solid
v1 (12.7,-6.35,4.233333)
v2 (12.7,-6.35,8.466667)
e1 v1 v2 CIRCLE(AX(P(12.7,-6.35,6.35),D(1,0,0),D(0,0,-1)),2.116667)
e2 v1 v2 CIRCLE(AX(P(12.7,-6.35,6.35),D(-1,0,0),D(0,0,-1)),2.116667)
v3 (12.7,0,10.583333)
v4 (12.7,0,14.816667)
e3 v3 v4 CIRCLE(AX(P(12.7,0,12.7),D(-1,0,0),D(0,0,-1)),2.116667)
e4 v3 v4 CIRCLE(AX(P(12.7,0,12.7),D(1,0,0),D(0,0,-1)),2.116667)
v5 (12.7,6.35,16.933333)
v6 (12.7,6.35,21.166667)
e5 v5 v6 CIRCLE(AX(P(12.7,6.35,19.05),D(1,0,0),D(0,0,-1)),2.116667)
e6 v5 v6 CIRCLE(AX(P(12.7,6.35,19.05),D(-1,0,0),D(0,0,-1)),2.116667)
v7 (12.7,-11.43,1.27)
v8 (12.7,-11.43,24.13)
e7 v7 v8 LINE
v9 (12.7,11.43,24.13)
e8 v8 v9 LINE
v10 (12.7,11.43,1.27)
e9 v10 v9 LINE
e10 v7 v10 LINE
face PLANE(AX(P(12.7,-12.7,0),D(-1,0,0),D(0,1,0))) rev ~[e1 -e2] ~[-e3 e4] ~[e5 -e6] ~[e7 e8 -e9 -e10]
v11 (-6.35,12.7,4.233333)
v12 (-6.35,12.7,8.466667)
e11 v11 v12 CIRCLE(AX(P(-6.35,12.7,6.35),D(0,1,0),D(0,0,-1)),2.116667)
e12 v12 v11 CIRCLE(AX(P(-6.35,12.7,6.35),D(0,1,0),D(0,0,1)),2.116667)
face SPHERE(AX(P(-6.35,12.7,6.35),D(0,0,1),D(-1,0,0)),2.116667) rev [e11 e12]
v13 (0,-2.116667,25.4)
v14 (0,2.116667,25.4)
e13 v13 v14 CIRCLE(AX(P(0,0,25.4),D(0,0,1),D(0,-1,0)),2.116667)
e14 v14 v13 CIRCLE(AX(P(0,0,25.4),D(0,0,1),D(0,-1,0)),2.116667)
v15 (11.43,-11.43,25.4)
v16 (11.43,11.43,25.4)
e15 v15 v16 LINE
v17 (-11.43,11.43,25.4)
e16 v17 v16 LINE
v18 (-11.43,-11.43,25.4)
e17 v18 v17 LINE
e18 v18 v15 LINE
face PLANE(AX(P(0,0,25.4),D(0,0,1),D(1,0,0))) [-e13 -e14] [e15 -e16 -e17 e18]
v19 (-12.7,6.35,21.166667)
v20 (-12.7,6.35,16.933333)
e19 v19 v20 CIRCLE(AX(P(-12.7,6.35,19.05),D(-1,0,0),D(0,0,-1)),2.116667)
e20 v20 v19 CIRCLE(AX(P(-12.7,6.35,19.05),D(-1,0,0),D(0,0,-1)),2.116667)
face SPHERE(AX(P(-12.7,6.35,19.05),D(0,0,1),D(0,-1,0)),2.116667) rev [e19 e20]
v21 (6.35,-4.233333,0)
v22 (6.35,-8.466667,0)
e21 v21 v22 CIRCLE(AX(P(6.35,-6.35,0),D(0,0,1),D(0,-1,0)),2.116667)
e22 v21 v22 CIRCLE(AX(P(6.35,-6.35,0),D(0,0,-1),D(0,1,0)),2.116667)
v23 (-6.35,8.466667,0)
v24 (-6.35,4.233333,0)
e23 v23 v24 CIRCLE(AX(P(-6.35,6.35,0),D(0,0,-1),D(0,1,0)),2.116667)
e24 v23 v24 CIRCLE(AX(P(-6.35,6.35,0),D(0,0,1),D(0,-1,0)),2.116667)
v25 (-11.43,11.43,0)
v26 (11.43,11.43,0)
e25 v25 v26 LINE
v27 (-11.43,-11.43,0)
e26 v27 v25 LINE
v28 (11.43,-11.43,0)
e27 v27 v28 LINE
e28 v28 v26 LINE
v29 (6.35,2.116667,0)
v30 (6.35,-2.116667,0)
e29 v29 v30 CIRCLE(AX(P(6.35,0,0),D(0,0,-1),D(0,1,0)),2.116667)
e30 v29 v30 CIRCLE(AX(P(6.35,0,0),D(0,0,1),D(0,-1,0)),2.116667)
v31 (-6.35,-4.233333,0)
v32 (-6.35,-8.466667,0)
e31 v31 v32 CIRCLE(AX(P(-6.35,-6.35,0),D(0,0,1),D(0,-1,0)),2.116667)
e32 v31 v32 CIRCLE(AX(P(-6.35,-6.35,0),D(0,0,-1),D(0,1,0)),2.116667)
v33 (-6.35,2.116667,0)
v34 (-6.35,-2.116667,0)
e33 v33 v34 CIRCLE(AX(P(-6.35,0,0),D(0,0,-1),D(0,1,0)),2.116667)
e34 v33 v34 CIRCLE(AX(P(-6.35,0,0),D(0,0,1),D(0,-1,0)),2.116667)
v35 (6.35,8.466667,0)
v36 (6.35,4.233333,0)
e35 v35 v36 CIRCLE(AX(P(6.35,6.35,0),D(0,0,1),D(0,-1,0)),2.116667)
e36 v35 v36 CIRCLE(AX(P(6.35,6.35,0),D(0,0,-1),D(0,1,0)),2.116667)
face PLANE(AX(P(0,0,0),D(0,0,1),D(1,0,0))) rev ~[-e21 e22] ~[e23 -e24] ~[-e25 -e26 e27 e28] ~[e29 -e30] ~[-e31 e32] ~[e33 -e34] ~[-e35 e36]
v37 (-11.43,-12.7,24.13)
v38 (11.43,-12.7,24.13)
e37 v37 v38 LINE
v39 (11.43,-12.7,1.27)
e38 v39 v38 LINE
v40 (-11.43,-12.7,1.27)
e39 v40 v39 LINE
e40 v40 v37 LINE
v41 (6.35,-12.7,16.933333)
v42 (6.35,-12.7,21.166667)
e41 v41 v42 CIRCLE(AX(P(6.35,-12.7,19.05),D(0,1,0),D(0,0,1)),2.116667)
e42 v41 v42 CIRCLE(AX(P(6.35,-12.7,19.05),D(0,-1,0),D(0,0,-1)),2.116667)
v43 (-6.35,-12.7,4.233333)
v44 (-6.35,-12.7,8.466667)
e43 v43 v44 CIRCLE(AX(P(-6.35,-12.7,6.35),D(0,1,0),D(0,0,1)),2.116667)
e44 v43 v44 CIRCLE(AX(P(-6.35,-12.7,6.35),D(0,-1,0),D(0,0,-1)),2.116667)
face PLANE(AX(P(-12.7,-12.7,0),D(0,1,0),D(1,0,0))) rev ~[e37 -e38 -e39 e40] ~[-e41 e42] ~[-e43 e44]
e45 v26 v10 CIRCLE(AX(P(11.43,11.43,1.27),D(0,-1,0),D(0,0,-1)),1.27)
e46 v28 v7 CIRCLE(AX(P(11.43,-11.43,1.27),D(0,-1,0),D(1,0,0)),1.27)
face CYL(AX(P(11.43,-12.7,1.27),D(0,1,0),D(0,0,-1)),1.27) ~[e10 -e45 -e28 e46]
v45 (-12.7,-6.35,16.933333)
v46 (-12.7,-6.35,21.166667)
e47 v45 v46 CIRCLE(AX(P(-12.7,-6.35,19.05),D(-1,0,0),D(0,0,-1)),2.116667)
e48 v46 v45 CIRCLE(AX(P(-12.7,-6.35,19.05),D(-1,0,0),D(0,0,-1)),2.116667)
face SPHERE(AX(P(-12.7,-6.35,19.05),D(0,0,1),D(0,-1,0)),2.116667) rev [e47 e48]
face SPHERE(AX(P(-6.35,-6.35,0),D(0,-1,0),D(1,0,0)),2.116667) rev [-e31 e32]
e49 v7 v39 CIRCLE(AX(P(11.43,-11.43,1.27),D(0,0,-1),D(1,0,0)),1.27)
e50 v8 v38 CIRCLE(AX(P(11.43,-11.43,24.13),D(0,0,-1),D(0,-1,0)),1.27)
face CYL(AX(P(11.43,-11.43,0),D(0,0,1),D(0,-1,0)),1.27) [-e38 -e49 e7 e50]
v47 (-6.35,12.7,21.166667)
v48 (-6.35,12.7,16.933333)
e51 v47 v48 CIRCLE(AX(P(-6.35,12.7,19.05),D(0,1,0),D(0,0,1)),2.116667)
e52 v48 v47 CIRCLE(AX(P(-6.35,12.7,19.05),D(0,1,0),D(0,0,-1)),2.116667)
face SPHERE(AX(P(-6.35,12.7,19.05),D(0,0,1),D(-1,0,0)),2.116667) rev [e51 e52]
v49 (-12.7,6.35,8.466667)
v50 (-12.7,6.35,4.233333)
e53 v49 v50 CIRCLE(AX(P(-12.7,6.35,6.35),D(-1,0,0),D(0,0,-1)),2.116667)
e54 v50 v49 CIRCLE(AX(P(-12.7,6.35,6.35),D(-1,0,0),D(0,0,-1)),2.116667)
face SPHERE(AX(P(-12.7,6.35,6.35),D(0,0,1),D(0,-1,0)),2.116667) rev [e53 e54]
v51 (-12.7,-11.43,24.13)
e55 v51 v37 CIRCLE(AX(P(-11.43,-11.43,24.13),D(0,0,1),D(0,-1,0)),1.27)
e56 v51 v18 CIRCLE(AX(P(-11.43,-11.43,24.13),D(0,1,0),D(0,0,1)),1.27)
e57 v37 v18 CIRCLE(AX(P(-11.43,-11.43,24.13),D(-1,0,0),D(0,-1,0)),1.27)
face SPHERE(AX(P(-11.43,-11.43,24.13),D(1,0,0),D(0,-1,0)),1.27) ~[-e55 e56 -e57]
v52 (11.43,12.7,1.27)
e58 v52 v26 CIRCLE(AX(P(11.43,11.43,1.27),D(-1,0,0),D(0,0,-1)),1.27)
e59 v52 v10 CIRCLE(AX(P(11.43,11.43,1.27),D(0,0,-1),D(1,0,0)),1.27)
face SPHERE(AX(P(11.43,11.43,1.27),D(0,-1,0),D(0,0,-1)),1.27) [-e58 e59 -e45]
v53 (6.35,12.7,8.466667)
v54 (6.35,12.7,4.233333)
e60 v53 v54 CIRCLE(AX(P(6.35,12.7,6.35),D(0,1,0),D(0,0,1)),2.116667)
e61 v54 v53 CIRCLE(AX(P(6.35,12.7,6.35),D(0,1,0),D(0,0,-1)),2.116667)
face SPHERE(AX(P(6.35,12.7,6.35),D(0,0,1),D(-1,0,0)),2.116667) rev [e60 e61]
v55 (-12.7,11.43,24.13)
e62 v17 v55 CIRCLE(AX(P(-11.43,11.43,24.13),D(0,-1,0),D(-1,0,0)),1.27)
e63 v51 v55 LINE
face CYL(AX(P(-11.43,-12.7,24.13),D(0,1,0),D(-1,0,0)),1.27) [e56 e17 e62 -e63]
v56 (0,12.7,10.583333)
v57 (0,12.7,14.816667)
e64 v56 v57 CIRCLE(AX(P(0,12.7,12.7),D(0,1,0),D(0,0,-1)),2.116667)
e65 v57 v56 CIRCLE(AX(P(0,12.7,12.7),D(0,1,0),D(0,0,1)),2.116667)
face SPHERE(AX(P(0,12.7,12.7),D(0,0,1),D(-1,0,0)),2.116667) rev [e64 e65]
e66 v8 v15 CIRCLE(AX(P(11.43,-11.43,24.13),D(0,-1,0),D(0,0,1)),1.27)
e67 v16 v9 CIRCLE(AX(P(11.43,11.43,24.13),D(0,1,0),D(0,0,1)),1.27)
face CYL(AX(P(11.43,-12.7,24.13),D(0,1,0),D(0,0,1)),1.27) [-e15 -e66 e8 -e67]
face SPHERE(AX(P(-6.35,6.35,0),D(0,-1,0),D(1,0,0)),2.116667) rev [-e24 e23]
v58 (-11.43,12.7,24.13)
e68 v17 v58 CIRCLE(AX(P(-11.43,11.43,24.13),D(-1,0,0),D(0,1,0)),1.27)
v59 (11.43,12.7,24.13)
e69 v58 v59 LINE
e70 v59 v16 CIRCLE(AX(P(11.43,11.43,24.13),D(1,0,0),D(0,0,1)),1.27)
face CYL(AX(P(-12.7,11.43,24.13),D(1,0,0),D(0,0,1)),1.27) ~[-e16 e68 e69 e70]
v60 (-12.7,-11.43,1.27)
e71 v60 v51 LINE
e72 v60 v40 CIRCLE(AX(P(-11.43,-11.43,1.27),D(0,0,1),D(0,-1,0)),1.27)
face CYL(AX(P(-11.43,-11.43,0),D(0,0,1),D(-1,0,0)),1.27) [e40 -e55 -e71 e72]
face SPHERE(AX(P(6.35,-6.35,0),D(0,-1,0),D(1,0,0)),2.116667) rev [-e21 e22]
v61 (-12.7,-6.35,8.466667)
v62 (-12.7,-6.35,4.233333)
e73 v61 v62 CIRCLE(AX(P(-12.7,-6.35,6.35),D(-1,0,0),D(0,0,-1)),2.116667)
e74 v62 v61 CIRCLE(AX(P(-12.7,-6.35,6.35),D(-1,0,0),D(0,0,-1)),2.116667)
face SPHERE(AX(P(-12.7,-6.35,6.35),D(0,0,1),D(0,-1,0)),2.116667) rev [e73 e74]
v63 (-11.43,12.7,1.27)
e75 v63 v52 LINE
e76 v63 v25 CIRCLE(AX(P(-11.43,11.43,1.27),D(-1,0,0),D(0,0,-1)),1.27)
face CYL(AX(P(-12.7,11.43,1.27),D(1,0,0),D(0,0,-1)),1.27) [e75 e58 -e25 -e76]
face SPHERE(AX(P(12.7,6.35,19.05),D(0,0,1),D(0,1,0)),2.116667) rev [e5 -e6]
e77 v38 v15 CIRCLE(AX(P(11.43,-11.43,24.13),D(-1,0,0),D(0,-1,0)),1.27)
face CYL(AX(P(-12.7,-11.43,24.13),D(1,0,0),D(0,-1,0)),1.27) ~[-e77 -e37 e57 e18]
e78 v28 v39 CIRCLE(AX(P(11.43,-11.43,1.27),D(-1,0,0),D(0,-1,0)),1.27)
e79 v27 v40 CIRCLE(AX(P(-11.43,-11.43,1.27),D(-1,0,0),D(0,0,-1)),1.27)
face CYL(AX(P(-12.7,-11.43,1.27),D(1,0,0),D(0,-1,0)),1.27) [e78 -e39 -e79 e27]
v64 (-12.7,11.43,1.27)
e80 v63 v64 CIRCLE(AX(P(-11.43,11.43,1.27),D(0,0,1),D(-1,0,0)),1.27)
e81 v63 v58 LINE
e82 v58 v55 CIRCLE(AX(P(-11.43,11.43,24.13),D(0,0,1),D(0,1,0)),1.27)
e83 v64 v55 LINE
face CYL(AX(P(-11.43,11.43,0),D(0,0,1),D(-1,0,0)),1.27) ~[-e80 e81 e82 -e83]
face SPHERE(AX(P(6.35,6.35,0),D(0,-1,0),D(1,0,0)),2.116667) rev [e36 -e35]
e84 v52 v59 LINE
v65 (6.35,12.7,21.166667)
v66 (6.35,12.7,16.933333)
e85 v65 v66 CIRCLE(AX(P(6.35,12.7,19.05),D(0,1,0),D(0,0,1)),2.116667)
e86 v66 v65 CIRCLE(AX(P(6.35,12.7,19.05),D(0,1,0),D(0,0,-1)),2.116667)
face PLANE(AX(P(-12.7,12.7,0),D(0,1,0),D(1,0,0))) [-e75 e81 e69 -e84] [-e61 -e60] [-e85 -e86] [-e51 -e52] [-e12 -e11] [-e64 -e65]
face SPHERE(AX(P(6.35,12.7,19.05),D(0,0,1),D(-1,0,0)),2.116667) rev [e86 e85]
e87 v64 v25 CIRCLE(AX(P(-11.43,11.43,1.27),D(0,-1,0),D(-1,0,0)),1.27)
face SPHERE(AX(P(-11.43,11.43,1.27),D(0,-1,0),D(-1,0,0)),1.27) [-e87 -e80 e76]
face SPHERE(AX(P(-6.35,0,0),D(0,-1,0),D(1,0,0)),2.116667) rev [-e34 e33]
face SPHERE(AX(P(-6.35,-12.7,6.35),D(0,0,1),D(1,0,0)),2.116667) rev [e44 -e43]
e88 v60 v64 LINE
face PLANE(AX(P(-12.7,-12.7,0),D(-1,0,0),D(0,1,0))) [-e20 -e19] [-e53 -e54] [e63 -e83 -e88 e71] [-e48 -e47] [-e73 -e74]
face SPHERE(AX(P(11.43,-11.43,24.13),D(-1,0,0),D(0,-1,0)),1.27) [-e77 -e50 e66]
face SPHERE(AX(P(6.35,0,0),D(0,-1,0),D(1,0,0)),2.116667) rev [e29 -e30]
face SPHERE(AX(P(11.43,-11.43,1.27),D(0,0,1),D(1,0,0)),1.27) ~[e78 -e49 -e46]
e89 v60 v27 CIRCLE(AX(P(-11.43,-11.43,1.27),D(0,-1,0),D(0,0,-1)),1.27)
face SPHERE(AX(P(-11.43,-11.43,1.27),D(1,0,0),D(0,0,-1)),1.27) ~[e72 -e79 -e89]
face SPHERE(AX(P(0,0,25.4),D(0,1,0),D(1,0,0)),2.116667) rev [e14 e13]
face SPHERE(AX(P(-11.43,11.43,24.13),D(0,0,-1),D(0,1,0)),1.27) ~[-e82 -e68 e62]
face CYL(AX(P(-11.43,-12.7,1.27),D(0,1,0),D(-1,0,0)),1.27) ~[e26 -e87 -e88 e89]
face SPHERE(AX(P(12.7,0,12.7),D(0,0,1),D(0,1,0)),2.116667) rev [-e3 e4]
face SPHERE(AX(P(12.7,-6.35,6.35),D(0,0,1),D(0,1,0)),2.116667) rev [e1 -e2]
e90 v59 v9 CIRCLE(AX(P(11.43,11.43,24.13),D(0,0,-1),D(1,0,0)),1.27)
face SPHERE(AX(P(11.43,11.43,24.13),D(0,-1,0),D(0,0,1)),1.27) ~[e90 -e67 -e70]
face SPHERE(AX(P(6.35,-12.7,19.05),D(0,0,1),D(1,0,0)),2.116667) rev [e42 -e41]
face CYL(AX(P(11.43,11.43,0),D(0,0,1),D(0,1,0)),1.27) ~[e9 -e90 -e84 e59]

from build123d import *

# Parameters (mm, degrees)
F0_W     = 25.4
F0_H     = 25.4
F1_DEPTH = 25.4
F29_R    = 1.27


with BuildPart() as f1:
    # F0 (on Top) → F1 (new body)
    with BuildSketch(Plane.XY):
        Rectangle(F0_W, F0_H)
    extrude(amount=F1_DEPTH)

    # F2 (on face) → F3 (revolve, cut)
    with BuildSketch(Plane.XY.offset(25.4)):
        with BuildLine():
            Line((0, 2.116667), (0, -2.116667))
            ThreePointArc((0, -2.116667), (2.116667, 0), (0, 2.116667))
        make_face()
    revolve(axis=Axis((0, 0, 25.4), (0, -1, 0)), mode=Mode.SUBTRACT)

    # F4 (on face) → F5 (revolve, cut)
    with BuildSketch(Plane.XZ.offset(12.7)):
        with BuildLine():
            Line((-6.35, 8.466667), (-6.35, 4.233333))
            ThreePointArc((-6.35, 4.233333), (-4.233333, 6.35), (-6.35, 8.466667))
        make_face()
    revolve(axis=Axis((-6.35, -12.7, 6.35), (0, 0, -1)), mode=Mode.SUBTRACT)

    # F4 (on face) → F6 (revolve, cut)
    with BuildSketch(Plane.XZ.offset(12.7)):
        with BuildLine():
            Line((6.35, 21.166667), (6.35, 16.933333))
            ThreePointArc((6.35, 16.933333), (8.466667, 19.05), (6.35, 21.166667))
        make_face()
    revolve(axis=Axis((6.35, -12.7, 19.05), (0, 0, -1)), mode=Mode.SUBTRACT)

    # F7 (on face) → F8 (revolve, cut)
    with BuildSketch(Plane.YZ.offset(12.7)):
        with BuildLine():
            Line((6.35, 21.166667), (6.35, 16.933333))
            ThreePointArc((6.35, 16.933333), (8.466667, 19.05), (6.35, 21.166667))
        make_face()
    revolve(axis=Axis((12.7, 6.35, 19.05), (0, 0, -1)), mode=Mode.SUBTRACT)

    # F7 (on face) → F9 (revolve, cut)
    with BuildSketch(Plane.YZ.offset(12.7)):
        with BuildLine():
            Line((0, 14.816667), (0, 10.583333))
            ThreePointArc((0, 10.583333), (2.116667, 12.7), (0, 14.816667))
        make_face()
    revolve(axis=Axis((12.7, 0, 12.7), (0, 0, -1)), mode=Mode.SUBTRACT)

    # F7 (on face) → F10 (revolve, cut)
    with BuildSketch(Plane.YZ.offset(12.7)):
        with BuildLine():
            Line((-6.35, 8.466667), (-6.35, 4.233333))
            ThreePointArc((-6.35, 4.233333), (-4.233333, 6.35), (-6.35, 8.466667))
        make_face()
    revolve(axis=Axis((12.7, -6.35, 6.35), (0, 0, -1)), mode=Mode.SUBTRACT)

    # F11 (on face) → F12 (revolve, cut)
    with BuildSketch(Plane(origin=(-12.7, 0, 0), x_dir=(0, -1, 0), z_dir=(-1, 0, 0))):
        with BuildLine():
            Line((-6.35, 21.166667), (-6.35, 19.05))
            Line((-6.35, 19.05), (-6.35, 16.933333))
            ThreePointArc((-6.35, 16.933333), (-4.233333, 19.05), (-6.35, 21.166667))
        make_face()
    revolve(axis=Axis((-12.7, 6.35, 17.991667), (0, 0, -1)), mode=Mode.SUBTRACT)

    # F11 (on face) → F13 (revolve, cut)
    with BuildSketch(Plane(origin=(-12.7, 0, 0), x_dir=(0, -1, 0), z_dir=(-1, 0, 0))):
        with BuildLine():
            Line((6.35, 21.166667), (6.35, 19.05))
            Line((6.35, 19.05), (6.35, 16.933333))
            ThreePointArc((6.35, 16.933333), (8.466667, 19.05), (6.35, 21.166667))
        make_face()
    revolve(axis=Axis((-12.7, -6.35, 17.991667), (0, 0, -1)), mode=Mode.SUBTRACT)

    # F11 (on face) → F14 (revolve, cut)
    with BuildSketch(Plane(origin=(-12.7, 0, 0), x_dir=(0, -1, 0), z_dir=(-1, 0, 0))):
        with BuildLine():
            Line((-6.35, 8.466667), (-6.35, 6.35))
            Line((-6.35, 6.35), (-6.35, 4.233333))
            ThreePointArc((-6.35, 4.233333), (-4.233333, 6.35), (-6.35, 8.466667))
        make_face()
    revolve(axis=Axis((-12.7, 6.35, 5.291667), (0, 0, -1)), mode=Mode.SUBTRACT)

    # F11 (on face) → F15 (revolve, cut)
    with BuildSketch(Plane(origin=(-12.7, 0, 0), x_dir=(0, -1, 0), z_dir=(-1, 0, 0))):
        with BuildLine():
            Line((6.35, 8.466667), (6.35, 6.35))
            Line((6.35, 6.35), (6.35, 4.233333))
            ThreePointArc((6.35, 4.233333), (8.466667, 6.35), (6.35, 8.466667))
        make_face()
    revolve(axis=Axis((-12.7, -6.35, 5.291667), (0, 0, -1)), mode=Mode.SUBTRACT)

    # F16 (on face) → F17 (revolve, cut)
    with BuildSketch(Plane(origin=(0, 12.7, 0), x_dir=(-1, 0, 0), z_dir=(0, 1, 0))):
        with BuildLine():
            Line((-6.35, 21.166667), (-6.35, 16.933333))
            ThreePointArc((-6.35, 16.933333), (-4.233333, 19.05), (-6.35, 21.166667))
        make_face()
    revolve(axis=Axis((6.35, 12.7, 19.05), (0, 0, -1)), mode=Mode.SUBTRACT)

    # F16 (on face) → F18 (revolve, cut)
    with BuildSketch(Plane(origin=(0, 12.7, 0), x_dir=(-1, 0, 0), z_dir=(0, 1, 0))):
        with BuildLine():
            ThreePointArc((6.35, 16.933333), (8.466667, 19.05), (6.35, 21.166667))
            Line((6.35, 21.166667), (6.35, 16.933333))
        make_face()
    revolve(axis=Axis((-6.35, 12.7, 19.05), (0, 0, -1)), mode=Mode.SUBTRACT)

    # F16 (on face) → F19 (revolve, cut)
    with BuildSketch(Plane(origin=(0, 12.7, 0), x_dir=(-1, 0, 0), z_dir=(0, 1, 0))):
        with BuildLine():
            Line((0, 14.816667), (0, 10.583333))
            ThreePointArc((0, 10.583333), (2.116667, 12.7), (0, 14.816667))
        make_face()
    revolve(axis=Axis((0, 12.7, 12.7), (0, 0, -1)), mode=Mode.SUBTRACT)

    # F16 (on face) → F20 (revolve, cut)
    with BuildSketch(Plane(origin=(0, 12.7, 0), x_dir=(-1, 0, 0), z_dir=(0, 1, 0))):
        with BuildLine():
            ThreePointArc((-6.35, 4.233333), (-4.233333, 6.35), (-6.35, 8.466667))
            Line((-6.35, 8.466667), (-6.35, 4.233333))
        make_face()
    revolve(axis=Axis((6.35, 12.7, 6.35), (0, 0, -1)), mode=Mode.SUBTRACT)

    # F16 (on face) → F21 (revolve, cut)
    with BuildSketch(Plane(origin=(0, 12.7, 0), x_dir=(-1, 0, 0), z_dir=(0, 1, 0))):
        with BuildLine():
            ThreePointArc((6.35, 4.233333), (8.466667, 6.35), (6.35, 8.466667))
            Line((6.35, 8.466667), (6.35, 4.233333))
        make_face()
    revolve(axis=Axis((-6.35, 12.7, 6.35), (0, 0, -1)), mode=Mode.SUBTRACT)

    # F22 (on face) → F23 (revolve, cut)
    with BuildSketch(Plane(origin=(0, 0, 0), x_dir=(1, 0, 0), z_dir=(0, 0, -1))):
        with BuildLine():
            Line((-6.35, 8.466667), (-6.35, 4.233333))
            ThreePointArc((-6.35, 4.233333), (-4.233333, 6.35), (-6.35, 8.466667))
        make_face()
    revolve(axis=Axis((-6.35, -6.35, 0), (0, 1, 0)), mode=Mode.SUBTRACT)

    # F22 (on face) → F24 (revolve, cut)
    with BuildSketch(Plane(origin=(0, 0, 0), x_dir=(1, 0, 0), z_dir=(0, 0, -1))):
        with BuildLine():
            Line((6.35, 8.466667), (6.35, 4.233333))
            ThreePointArc((6.35, 4.233333), (8.466667, 6.35), (6.35, 8.466667))
        make_face()
    revolve(axis=Axis((6.35, -6.35, 0), (0, 1, 0)), mode=Mode.SUBTRACT)

    # F22 (on face) → F25 (revolve, cut)
    with BuildSketch(Plane(origin=(0, 0, 0), x_dir=(1, 0, 0), z_dir=(0, 0, -1))):
        with BuildLine():
            Line((-6.35, 2.116667), (-6.35, -2.116667))
            ThreePointArc((-6.35, -2.116667), (-4.233333, 0), (-6.35, 2.116667))
        make_face()
    revolve(axis=Axis((-6.35, 0, 0), (0, 1, 0)), mode=Mode.SUBTRACT)

    # F22 (on face) → F26 (revolve, cut)
    with BuildSketch(Plane(origin=(0, 0, 0), x_dir=(1, 0, 0), z_dir=(0, 0, -1))):
        with BuildLine():
            Line((6.35, 2.116667), (6.35, -2.116667))
            ThreePointArc((6.35, -2.116667), (8.466667, 0), (6.35, 2.116667))
        make_face()
    revolve(axis=Axis((6.35, 0, 0), (0, 1, 0)), mode=Mode.SUBTRACT)

    # F22 (on face) → F27 (revolve, cut)
    with BuildSketch(Plane(origin=(0, 0, 0), x_dir=(1, 0, 0), z_dir=(0, 0, -1))):
        with BuildLine():
            Line((-6.35, -4.233333), (-6.35, -8.466667))
            ThreePointArc((-6.35, -8.466667), (-4.233333, -6.35), (-6.35, -4.233333))
        make_face()
    revolve(axis=Axis((-6.35, 6.35, 0), (0, 1, 0)), mode=Mode.SUBTRACT)

    # F22 (on face) → F28 (revolve, cut)
    with BuildSketch(Plane(origin=(0, 0, 0), x_dir=(1, 0, 0), z_dir=(0, 0, -1))):
        with BuildLine():
            Line((6.35, -4.233333), (6.35, -8.466667))
            ThreePointArc((6.35, -8.466667), (8.466667, -6.35), (6.35, -4.233333))
        make_face()
    revolve(axis=Axis((6.35, 6.35, 0), (0, 1, 0)), mode=Mode.SUBTRACT)

    # F29
    f29_edges = [f1.edges().sort_by_distance(p)[0] for p in [
        (0, -12.7, 25.4),
        (12.7, -12.7, 12.7),
        (12.7, 0, 25.4),
        (12.7, 0, 0),
        (0, -12.7, 0),
        (-12.7, 0, 0),
        (-12.7, -12.7, 12.7),
        (-12.7, 12.7, 12.7),
        (0, 12.7, 0),
        (0, 12.7, 25.4),
        (-12.7, 0, 25.4),
        (12.7, 12.7, 12.7),
    ]]
    fillet(f29_edges, radius=F29_R)


solid = f1.part
